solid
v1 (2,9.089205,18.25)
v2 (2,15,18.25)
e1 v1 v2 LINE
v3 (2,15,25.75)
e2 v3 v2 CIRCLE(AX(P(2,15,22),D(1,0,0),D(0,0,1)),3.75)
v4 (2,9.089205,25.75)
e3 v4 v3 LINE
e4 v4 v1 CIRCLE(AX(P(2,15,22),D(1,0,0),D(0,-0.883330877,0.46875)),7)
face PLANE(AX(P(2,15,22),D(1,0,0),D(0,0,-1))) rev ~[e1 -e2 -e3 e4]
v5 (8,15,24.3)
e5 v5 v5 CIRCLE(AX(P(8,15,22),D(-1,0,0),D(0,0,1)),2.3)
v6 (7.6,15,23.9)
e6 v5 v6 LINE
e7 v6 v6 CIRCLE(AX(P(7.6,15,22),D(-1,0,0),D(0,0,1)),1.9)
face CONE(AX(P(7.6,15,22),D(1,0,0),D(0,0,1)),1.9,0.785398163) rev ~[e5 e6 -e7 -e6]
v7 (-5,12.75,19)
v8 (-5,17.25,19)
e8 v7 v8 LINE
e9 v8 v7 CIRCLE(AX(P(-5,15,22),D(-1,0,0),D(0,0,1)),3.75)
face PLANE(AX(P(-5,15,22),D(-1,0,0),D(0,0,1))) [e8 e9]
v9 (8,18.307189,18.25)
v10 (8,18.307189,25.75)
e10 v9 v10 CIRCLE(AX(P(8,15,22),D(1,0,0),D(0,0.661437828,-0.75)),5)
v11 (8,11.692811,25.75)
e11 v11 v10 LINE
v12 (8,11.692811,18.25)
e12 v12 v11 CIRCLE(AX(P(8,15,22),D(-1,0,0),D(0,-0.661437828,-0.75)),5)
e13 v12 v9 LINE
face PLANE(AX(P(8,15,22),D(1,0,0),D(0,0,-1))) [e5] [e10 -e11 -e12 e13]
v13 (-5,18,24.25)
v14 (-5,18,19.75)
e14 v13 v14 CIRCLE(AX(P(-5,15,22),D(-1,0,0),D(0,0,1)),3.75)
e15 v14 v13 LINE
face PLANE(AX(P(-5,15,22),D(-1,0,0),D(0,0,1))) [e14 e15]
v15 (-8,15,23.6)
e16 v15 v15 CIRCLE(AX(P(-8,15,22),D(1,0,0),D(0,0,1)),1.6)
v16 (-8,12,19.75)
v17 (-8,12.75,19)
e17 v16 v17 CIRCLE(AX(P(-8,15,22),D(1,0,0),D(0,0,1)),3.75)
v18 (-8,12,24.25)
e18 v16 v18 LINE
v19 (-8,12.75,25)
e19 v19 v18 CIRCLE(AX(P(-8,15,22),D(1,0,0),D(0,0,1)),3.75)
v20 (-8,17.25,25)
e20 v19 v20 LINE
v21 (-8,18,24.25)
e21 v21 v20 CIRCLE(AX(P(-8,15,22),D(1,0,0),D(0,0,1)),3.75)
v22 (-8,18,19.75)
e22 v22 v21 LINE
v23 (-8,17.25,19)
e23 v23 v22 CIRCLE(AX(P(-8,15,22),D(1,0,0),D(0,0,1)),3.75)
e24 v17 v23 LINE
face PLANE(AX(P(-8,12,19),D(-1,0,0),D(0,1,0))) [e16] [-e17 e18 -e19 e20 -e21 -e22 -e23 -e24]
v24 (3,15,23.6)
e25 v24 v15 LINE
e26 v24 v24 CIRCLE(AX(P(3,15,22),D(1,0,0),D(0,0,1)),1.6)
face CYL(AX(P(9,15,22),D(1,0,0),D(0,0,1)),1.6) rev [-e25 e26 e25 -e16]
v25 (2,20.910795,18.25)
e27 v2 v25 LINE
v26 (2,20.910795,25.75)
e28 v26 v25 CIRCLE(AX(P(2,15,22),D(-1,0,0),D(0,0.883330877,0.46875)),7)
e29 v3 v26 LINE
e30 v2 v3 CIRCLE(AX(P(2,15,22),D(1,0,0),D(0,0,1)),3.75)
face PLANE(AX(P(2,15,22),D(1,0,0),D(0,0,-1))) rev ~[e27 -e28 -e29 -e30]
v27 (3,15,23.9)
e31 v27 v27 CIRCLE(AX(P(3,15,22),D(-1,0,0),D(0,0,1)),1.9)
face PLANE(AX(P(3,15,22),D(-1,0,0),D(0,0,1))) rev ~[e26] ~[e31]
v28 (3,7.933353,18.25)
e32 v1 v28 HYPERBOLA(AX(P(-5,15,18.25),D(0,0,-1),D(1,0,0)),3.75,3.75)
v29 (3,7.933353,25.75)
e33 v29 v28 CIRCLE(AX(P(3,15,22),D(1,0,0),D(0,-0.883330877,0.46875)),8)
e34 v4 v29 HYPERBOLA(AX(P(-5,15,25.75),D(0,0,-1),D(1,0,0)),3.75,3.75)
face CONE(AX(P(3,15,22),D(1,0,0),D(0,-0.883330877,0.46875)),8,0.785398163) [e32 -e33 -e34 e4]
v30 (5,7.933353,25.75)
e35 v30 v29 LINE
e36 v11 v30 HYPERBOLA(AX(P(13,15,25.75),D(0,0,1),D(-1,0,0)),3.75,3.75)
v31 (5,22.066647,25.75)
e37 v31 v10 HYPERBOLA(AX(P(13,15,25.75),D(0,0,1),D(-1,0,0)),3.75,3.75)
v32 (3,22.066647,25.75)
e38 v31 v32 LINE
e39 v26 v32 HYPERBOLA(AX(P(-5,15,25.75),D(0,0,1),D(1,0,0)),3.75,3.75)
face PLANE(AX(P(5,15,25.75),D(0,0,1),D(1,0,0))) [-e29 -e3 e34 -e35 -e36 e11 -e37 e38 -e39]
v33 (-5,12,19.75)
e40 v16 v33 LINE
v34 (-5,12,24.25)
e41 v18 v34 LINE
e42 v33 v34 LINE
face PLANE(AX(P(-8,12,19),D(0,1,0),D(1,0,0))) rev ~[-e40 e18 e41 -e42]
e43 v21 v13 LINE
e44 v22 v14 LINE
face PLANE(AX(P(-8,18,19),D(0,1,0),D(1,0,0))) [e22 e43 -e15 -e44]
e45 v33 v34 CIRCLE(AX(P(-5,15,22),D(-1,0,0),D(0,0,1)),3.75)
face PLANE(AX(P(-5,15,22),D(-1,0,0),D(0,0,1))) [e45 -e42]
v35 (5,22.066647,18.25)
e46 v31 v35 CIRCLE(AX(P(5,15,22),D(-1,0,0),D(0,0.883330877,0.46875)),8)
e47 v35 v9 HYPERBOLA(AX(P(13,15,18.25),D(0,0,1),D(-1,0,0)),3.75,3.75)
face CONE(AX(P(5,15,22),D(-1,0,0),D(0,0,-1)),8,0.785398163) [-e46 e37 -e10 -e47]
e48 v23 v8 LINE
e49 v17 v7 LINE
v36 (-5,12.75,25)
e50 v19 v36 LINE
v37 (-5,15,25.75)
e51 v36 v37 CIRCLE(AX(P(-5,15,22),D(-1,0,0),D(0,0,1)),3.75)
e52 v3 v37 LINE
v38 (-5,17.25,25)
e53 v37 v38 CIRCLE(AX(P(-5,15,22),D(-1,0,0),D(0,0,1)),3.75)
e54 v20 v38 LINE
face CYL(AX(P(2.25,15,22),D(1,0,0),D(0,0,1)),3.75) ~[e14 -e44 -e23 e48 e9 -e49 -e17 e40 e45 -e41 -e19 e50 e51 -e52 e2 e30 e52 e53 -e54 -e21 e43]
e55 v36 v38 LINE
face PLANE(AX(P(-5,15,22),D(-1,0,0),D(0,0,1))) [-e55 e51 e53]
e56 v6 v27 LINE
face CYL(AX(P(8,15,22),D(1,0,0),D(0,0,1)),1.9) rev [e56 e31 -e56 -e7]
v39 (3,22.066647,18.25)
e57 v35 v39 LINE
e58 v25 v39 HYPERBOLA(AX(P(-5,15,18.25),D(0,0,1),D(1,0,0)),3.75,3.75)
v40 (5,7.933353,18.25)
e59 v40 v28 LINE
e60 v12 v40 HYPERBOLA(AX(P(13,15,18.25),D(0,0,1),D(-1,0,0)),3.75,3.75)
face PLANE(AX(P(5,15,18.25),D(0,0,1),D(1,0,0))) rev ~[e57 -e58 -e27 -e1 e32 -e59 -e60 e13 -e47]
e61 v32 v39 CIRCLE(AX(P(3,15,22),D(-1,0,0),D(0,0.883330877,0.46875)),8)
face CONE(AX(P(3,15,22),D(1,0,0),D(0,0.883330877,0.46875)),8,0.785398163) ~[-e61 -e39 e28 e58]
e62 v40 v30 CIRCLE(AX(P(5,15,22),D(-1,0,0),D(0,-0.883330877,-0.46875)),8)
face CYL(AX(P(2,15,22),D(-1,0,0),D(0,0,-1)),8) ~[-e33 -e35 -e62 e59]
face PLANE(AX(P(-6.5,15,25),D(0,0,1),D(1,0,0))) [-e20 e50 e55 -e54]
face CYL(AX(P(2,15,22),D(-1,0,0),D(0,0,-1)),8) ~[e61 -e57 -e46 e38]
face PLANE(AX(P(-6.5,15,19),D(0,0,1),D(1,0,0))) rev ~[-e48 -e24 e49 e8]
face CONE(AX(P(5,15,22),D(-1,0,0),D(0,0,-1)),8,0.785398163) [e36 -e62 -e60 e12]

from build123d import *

# Parameters (mm, degrees)
CYLINDER017_R         = 1.9
CYLINDER017_DEPTH     = 5
CYLINDER016_R         = 1.6
CYLINDER016_DEPTH     = 30.25
CYLINDER013_R         = 3.75
CYLINDER013_DEPTH     = 7.25
BOX028_W              = 6
BOX028_H              = 16
BOX028_DEPTH          = 7.5
CHAMFER006006014_SIZE = 3
CYLINDER015_R         = 8
CYLINDER015_DEPTH     = 6
CHAMFER006006017_SIZE = 3
BOX029_W              = 3
BOX029_H              = 6
BOX029_DEPTH          = 6
CYLINDER014_R         = 3.75
CYLINDER014_DEPTH     = 7.25
CHAMFER006006018_SIZE = 0.4
CHAMFER006006020_SIZE = 1


with BuildPart() as cylinder017:
    # Cylinder017 → Cylinder017 (new body)
    with BuildSketch(Plane(origin=(8.25, 15, 22), x_dir=(0, 0, 1), z_dir=(-1, 0, 0))):
        Circle(CYLINDER017_R)
    extrude(amount=CYLINDER017_DEPTH)


with BuildPart() as fusion008:
    # Cylinder016 → Cylinder016 (new body)
    with BuildSketch(Plane(origin=(9.25, 15, 22), x_dir=(0, 0, 1), z_dir=(-1, 0, 0))):
        Circle(CYLINDER016_R)
    extrude(amount=CYLINDER016_DEPTH)

    # Fusion008: union Cylinder017
    add(cylinder017.part)


with BuildPart() as fusion008_1:
    # Fusion008 placement: moved
    add(fusion008.part.moved(Location((-0.25, 0, 0))))


with BuildPart() as cylinder013:
    # Cylinder013 → Cylinder013 (new body)
    with BuildSketch(Plane(origin=(2.25, 15, 22), x_dir=(0, 0, 1), z_dir=(-1, 0, 0))):
        Circle(CYLINDER013_R)
    extrude(amount=CYLINDER013_DEPTH)


with BuildPart() as chamfer006006014:
    # Box028 → Box028 (new body)
    with BuildSketch(Plane(origin=(2, 7, 18.25), x_dir=(1, 0, 0), z_dir=(0, 0, 1))):
        with Locations((3, 8)):
            Rectangle(BOX028_W, BOX028_H)
    extrude(amount=BOX028_DEPTH)

    # Chamfer006006014
    chamfer006006014_edges = [chamfer006006014.edges().sort_by_distance(p)[0] for p in [
        (8, 7, 22),
        (8, 23, 22),
    ]]
    chamfer(chamfer006006014_edges, length=CHAMFER006006014_SIZE)


with BuildPart() as chamfer006006014_1:
    # Chamfer006006014 placement: moved
    add(chamfer006006014.part.moved(Location((0.25, 0, 0))))


with BuildPart() as common003:
    # Cylinder015 → Cylinder015 (new body)
    with BuildSketch(Plane(origin=(2.25, 15, 22), x_dir=(0, 0, -1), z_dir=(1, 0, 0))):
        Circle(CYLINDER015_R)
    extrude(amount=CYLINDER015_DEPTH)

    # Chamfer006006017
    chamfer006006017_edges = [common003.edges().sort_by_distance(p)[0] for p in [
        (8.25, 15, 30),
    ]]
    chamfer(chamfer006006017_edges, length=CHAMFER006006017_SIZE)

    # Common003: intersect Chamfer006006014
    add(chamfer006006014_1.part, mode=Mode.INTERSECT)


with BuildPart() as common003_1:
    # Common003 placement: moved
    add(common003.part.moved(Location((-0.25, 0, 0))))


with BuildPart() as cube028:
    # Box029 → Box029 (new body)
    with BuildSketch(Plane(origin=(-8, 12, 19), x_dir=(1, 0, 0), z_dir=(0, 0, 1))):
        with Locations((1.5, 3)):
            Rectangle(BOX029_W, BOX029_H)
    extrude(amount=BOX029_DEPTH)


with BuildPart() as chamfer006006020:
    # Cylinder014 → Cylinder014 (new body)
    with BuildSketch(Plane(origin=(-3.75, 15, 22), x_dir=(0, 0, 1), z_dir=(-1, 0, 0))):
        Circle(CYLINDER014_R)
    extrude(amount=CYLINDER014_DEPTH)

    # Common: intersect Cube028
    add(cube028.part, mode=Mode.INTERSECT)

    # Fusion011: union Cylinder013, Common003
    add(cylinder013.part)
    add(common003_1.part)

    # Cut002004005002: cut Fusion008
    add(fusion008_1.part, mode=Mode.SUBTRACT)

    # Chamfer006006018
    chamfer006006018_edges = [chamfer006006020.edges().sort_by_distance(p)[0] for p in [
        (8, 15, 20.1),
    ]]
    chamfer(chamfer006006018_edges, length=CHAMFER006006018_SIZE)

    # Chamfer006006020
    chamfer006006020_edges = [chamfer006006020.edges().sort_by_distance(p)[0] for p in [
        (2, 22.763156, 20.067796),
        (2, 22.763156, 23.932204),
        (2, 7.236844, 20.067796),
        (2, 7.236844, 23.932204),
    ]]
    chamfer(chamfer006006020_edges, length=CHAMFER006006020_SIZE)


solid = chamfer006006020.part
